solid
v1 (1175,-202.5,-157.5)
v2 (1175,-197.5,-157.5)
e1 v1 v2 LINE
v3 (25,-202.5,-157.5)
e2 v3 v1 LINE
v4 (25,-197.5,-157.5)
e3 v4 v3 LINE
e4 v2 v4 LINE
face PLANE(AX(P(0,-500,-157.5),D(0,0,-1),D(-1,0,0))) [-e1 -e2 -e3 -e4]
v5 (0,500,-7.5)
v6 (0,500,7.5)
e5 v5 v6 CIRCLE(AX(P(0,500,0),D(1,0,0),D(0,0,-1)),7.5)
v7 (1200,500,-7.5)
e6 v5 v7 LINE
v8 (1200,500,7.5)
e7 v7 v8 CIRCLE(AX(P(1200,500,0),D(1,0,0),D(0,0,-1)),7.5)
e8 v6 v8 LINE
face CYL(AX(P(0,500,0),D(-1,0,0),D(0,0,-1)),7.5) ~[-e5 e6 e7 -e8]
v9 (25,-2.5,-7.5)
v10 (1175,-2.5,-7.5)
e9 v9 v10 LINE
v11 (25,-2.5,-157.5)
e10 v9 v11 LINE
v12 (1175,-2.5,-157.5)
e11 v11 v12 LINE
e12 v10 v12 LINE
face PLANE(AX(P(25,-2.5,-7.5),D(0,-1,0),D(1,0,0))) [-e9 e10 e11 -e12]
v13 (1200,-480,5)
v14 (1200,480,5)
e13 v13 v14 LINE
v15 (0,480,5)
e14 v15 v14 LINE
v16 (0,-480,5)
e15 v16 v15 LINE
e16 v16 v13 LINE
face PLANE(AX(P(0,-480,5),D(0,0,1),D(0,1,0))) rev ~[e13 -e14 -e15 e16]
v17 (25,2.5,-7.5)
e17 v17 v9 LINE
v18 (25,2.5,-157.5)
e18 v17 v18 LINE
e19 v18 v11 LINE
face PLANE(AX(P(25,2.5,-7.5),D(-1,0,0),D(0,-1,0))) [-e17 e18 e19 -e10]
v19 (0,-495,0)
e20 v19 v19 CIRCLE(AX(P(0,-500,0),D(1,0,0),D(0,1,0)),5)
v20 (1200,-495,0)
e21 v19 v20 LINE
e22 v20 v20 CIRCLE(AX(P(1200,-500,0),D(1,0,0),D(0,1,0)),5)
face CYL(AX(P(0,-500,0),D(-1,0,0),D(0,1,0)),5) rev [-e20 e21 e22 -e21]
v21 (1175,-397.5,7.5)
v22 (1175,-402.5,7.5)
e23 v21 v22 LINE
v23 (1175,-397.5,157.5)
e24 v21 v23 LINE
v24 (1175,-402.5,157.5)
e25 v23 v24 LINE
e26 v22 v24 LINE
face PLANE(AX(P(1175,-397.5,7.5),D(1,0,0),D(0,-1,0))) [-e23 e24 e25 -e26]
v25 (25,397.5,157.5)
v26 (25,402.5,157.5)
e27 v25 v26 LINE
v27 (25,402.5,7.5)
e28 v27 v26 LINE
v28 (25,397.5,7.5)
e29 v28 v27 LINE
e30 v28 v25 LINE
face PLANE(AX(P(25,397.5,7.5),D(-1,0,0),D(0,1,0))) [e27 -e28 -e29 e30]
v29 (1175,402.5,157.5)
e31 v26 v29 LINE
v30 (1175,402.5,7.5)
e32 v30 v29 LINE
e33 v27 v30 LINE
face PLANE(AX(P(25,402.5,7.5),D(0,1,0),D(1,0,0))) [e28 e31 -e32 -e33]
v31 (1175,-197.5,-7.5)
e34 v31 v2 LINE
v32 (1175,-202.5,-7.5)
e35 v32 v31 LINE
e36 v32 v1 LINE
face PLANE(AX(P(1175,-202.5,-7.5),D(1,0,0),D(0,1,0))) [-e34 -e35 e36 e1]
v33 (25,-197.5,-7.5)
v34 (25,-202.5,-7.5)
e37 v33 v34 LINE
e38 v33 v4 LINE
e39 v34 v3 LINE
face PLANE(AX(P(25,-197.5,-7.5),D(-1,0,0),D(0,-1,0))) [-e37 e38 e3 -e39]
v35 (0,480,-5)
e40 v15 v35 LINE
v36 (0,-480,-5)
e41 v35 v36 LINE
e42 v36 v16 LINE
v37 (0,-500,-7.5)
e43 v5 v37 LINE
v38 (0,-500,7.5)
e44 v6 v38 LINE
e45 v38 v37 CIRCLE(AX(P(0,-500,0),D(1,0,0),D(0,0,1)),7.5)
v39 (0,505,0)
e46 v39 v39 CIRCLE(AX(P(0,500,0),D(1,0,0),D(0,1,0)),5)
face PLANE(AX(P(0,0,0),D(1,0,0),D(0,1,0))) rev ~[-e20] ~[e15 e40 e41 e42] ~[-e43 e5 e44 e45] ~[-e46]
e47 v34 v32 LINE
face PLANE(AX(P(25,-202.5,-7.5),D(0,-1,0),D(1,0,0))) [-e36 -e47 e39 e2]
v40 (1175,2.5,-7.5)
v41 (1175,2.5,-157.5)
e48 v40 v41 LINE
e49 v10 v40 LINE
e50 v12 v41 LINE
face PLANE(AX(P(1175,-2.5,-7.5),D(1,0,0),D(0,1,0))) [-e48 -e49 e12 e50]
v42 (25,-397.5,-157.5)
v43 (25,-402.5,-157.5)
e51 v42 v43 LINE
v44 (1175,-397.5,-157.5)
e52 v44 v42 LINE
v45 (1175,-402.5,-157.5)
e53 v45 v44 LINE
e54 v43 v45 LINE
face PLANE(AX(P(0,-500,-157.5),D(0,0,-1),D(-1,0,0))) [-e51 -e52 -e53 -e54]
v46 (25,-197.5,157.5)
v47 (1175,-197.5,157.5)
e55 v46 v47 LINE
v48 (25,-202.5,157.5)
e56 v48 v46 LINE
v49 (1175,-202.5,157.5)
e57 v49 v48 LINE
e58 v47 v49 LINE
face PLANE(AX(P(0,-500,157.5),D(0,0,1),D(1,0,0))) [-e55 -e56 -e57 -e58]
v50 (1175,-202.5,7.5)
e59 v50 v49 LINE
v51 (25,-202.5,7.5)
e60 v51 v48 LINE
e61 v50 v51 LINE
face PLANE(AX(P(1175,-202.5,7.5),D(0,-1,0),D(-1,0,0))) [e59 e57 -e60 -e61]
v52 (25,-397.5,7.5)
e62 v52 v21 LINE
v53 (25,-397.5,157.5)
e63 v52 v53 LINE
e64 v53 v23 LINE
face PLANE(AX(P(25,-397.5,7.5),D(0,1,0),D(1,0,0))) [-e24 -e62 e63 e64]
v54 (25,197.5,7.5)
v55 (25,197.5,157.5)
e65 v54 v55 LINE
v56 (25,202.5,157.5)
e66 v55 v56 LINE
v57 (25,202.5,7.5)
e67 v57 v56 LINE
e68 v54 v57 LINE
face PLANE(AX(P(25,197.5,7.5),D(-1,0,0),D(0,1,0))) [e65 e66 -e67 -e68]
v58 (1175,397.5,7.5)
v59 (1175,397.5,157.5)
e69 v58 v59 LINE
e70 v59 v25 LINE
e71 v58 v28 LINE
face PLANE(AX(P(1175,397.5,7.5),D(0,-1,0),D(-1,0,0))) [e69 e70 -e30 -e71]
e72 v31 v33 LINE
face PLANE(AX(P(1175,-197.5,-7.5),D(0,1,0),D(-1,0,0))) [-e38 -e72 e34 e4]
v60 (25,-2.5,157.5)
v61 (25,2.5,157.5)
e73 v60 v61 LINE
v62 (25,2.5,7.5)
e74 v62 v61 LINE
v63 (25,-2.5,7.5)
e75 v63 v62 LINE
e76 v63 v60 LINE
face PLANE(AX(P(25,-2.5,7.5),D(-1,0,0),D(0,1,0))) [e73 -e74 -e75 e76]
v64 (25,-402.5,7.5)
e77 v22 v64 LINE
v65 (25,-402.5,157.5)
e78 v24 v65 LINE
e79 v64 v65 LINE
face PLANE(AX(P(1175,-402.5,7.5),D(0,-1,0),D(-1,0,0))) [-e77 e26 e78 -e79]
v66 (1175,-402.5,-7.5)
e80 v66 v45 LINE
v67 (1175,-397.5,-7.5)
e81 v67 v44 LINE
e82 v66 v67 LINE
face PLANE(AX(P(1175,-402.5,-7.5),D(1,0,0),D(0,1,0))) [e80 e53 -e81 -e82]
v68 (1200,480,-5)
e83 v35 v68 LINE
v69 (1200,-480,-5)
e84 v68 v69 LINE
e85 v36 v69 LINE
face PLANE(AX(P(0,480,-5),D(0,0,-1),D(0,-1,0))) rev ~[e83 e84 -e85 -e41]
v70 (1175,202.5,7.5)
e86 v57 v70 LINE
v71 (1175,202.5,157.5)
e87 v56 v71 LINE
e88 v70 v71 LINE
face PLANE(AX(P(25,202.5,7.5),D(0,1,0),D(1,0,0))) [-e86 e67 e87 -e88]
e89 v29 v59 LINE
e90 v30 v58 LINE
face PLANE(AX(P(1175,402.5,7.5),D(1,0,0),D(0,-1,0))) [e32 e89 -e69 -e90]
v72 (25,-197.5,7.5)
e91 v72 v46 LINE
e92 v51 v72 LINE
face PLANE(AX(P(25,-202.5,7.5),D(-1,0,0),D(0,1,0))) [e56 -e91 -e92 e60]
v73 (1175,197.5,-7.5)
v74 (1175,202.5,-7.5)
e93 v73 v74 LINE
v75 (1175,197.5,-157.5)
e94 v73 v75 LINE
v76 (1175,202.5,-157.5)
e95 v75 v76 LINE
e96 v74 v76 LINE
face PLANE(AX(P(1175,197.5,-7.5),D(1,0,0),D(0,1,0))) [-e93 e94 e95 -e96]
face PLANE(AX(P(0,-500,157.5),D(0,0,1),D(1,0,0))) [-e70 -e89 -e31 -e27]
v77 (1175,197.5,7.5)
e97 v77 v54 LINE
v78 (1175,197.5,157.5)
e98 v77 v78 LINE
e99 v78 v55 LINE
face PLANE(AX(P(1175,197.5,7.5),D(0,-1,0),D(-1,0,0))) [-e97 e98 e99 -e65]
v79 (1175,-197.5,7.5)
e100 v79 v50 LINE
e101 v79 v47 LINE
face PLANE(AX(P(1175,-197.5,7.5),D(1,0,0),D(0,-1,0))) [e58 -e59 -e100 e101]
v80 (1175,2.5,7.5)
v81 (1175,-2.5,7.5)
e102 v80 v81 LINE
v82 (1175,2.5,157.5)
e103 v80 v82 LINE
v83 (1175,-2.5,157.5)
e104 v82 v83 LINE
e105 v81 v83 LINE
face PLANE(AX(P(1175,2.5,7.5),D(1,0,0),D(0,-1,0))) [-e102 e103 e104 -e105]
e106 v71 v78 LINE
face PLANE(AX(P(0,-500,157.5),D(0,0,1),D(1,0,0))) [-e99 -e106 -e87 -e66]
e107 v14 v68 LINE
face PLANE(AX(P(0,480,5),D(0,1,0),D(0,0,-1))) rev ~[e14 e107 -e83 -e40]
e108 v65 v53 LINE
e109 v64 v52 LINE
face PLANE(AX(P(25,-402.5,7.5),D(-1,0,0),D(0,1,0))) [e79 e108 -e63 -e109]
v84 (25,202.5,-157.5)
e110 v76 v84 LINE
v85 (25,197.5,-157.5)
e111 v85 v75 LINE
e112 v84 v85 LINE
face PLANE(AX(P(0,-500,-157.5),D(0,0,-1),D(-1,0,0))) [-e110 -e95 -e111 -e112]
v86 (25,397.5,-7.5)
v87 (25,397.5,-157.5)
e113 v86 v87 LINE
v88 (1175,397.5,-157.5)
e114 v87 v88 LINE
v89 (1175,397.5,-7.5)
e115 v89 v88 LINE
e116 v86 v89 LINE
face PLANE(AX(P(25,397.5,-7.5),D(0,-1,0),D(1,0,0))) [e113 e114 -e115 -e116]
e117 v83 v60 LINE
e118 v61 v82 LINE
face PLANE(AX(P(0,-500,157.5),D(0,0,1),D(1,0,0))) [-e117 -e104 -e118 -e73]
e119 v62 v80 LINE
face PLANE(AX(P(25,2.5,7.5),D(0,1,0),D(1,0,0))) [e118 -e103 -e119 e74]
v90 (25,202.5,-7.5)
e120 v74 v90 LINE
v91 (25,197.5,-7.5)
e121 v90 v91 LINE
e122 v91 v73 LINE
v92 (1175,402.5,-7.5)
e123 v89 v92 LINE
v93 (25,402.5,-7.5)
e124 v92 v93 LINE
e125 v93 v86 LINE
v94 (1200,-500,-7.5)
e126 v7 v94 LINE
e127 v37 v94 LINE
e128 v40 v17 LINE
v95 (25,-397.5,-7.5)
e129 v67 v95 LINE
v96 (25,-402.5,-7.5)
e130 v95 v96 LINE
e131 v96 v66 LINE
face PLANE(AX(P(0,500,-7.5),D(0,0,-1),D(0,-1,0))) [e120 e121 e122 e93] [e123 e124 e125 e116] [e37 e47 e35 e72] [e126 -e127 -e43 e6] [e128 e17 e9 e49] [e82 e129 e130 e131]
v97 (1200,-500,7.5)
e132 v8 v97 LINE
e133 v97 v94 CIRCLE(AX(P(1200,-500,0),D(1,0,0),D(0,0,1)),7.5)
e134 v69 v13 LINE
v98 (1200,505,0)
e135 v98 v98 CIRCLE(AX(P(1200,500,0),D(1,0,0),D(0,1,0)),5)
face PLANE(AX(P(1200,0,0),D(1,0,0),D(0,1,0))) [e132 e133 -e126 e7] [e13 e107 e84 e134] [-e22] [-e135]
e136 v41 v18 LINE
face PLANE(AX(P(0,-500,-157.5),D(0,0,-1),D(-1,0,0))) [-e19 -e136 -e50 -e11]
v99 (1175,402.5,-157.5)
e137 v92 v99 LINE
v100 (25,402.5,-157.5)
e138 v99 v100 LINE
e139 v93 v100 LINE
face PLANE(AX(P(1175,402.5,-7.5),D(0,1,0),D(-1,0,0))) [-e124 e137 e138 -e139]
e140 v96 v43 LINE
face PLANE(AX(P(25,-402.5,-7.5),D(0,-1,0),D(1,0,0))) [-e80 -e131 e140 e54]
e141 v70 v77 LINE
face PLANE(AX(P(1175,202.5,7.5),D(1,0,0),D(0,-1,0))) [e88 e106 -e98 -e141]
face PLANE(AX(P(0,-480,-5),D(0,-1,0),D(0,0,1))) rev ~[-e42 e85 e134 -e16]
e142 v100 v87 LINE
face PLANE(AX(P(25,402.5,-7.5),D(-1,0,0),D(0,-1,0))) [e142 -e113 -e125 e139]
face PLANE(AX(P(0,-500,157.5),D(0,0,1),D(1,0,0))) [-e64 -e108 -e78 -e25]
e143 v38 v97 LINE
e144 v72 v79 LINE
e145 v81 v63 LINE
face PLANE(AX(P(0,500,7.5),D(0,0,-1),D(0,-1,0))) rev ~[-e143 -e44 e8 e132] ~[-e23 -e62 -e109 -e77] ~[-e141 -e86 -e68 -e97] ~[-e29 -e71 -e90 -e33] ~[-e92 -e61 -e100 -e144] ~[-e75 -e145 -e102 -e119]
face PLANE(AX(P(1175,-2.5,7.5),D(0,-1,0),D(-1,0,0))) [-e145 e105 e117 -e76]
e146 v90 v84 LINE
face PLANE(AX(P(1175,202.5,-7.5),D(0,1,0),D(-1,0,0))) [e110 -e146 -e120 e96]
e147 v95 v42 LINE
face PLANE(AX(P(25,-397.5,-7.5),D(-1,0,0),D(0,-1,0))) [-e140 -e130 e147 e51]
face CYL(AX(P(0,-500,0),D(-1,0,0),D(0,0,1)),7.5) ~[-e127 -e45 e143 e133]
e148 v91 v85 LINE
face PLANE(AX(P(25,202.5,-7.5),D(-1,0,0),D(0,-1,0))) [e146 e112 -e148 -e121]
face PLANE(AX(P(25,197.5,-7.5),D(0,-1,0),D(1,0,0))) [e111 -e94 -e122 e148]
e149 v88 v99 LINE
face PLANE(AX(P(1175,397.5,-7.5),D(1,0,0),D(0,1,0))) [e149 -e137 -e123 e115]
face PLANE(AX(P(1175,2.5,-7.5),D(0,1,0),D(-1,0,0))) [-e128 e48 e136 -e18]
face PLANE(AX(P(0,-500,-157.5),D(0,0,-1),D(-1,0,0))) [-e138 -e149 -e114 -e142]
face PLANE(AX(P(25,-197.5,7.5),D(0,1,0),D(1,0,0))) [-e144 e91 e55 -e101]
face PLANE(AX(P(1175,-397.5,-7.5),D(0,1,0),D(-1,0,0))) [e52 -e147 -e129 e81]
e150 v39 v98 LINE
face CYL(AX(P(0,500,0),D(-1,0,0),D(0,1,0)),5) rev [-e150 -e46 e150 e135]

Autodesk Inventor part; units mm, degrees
ref_plane "YZ Plane" through (0, 0, 0) normal (1, 0, 0) x (0, 1, 0)
ref_plane "XZ Plane" through (0, 0, 0) normal (0, 1, 0) x (-1, 0, 0)
ref_plane "XY Plane" through (0, 0, 0) normal (0, 0, 1) x (1, 0, 0)
sketch "Sketch1" plane through (0, 0, 0) normal (1, 0, 0) x (0, 1, 0)
  circle A0 centre (500, 0) radius 5
  arc A1 (500, -7.5) -> (500, 7.5) centre (500, 0) ccw
  circle A2 centre (-500, 0) radius 5
  arc A3 (-500, 7.5) -> (-500, -7.5) centre (-500, 0) ccw
  line L0 (500, -7.5) -> (-500, -7.5)
  line L1 (500, 7.5) -> (-500, 7.5)
  line L2 (-480, 5) -> (480, 5)
  line L3 (480, 5) -> (480, -5)
  line L4 (480, -5) -> (-480, -5)
  line L5 (-480, -5) -> (-480, 5)
  line L6 (-480, 5) -> (480, -5) construction
  line L7 (480, 5) -> (-480, -5) construction
  point P0 (0, 0)
  dimension "d0" = 10
  dimension "d1" = 15
  dimension "d2" = 10
  dimension "d3" = 15
  dimension "d4" = 1000
  dimension "d5" = 1000
  dimension "d6" = 960
  dimension "d7" = 10
extrude "Extrusion1" add sketch "Sketch1" along normal blind 1200
sketch "Sketch2" plane through (0, -500, 7.5) normal (0, 0, 1) x (1, 0, 0)
  line L0 (25, 902.5) -> (1175, 902.5)
  line L1 (1175, 902.5) -> (1175, 897.5)
  line L2 (1175, 897.5) -> (25, 897.5)
  line L3 (25, 897.5) -> (25, 902.5)
  line L4 (25, 902.5) -> (1175, 897.5) construction
  line L5 (1175, 902.5) -> (25, 897.5) construction
  line L6 (1175, 697.5) -> (25, 697.5)
  line L7 (25, 702.5) -> (1175, 702.5)
  line L8 (25, 697.5) -> (25, 702.5)
  line L9 (1175, 702.5) -> (1175, 697.5)
  line L10 (1175, 497.5) -> (25, 497.5)
  line L11 (25, 502.5) -> (1175, 502.5)
  line L12 (25, 497.5) -> (25, 502.5)
  line L13 (1175, 502.5) -> (1175, 497.5)
  line L14 (1175, 297.5) -> (25, 297.5)
  line L15 (25, 302.5) -> (1175, 302.5)
  line L16 (25, 297.5) -> (25, 302.5)
  line L17 (1175, 302.5) -> (1175, 297.5)
  line L18 (1175, 97.5) -> (25, 97.5)
  line L19 (25, 102.5) -> (1175, 102.5)
  line L20 (25, 97.5) -> (25, 102.5)
  line L21 (1175, 102.5) -> (1175, 97.5)
  point P0 (600, 900)
  dimension "d10" = 1150
  dimension "d11" = 5
  dimension "d14" = 200
extrude "Extrusion2" add sketch "Sketch2" along normal blind 150
sketch "Sketch3" plane through (0, -500, -7.5) normal (0, 0, -1) x (-1, 0, 0)
  line L0 (-25, 897.5) -> (-1175, 897.5) projected
  line L1 (-1175, 902.5) -> (-25, 902.5)
  line L2 (-25, 902.5) -> (-25, 897.5)
  line L3 (-25, 897.5) -> (-1175, 897.5)
  line L4 (-1175, 897.5) -> (-1175, 902.5)
  line L5 (-1175, 902.5) -> (-25, 897.5) construction
  line L6 (-25, 902.5) -> (-1175, 897.5) construction
  line L7 (-1175, 702.5) -> (-25, 702.5)
  line L8 (-25, 697.5) -> (-1175, 697.5)
  line L9 (-1175, 697.5) -> (-1175, 702.5)
  line L10 (-25, 702.5) -> (-25, 697.5)
  line L11 (-1175, 502.5) -> (-25, 502.5)
  line L12 (-25, 497.5) -> (-1175, 497.5)
  line L13 (-1175, 497.5) -> (-1175, 502.5)
  line L14 (-25, 502.5) -> (-25, 497.5)
  line L15 (-1175, 302.5) -> (-25, 302.5)
  line L16 (-25, 297.5) -> (-1175, 297.5)
  line L17 (-1175, 297.5) -> (-1175, 302.5)
  line L18 (-25, 302.5) -> (-25, 297.5)
  line L19 (-1175, 102.5) -> (-25, 102.5)
  line L20 (-25, 97.5) -> (-1175, 97.5)
  line L21 (-1175, 97.5) -> (-1175, 102.5)
  line L22 (-25, 102.5) -> (-25, 97.5)
  point P0 (0, 500)
  point P1 (-600, 900)
  dimension "d21" = 5
  dimension "d24" = 200
extrude "Extrusion3" add sketch "Sketch3" along normal blind 150
properties part number "Layered Belt"
